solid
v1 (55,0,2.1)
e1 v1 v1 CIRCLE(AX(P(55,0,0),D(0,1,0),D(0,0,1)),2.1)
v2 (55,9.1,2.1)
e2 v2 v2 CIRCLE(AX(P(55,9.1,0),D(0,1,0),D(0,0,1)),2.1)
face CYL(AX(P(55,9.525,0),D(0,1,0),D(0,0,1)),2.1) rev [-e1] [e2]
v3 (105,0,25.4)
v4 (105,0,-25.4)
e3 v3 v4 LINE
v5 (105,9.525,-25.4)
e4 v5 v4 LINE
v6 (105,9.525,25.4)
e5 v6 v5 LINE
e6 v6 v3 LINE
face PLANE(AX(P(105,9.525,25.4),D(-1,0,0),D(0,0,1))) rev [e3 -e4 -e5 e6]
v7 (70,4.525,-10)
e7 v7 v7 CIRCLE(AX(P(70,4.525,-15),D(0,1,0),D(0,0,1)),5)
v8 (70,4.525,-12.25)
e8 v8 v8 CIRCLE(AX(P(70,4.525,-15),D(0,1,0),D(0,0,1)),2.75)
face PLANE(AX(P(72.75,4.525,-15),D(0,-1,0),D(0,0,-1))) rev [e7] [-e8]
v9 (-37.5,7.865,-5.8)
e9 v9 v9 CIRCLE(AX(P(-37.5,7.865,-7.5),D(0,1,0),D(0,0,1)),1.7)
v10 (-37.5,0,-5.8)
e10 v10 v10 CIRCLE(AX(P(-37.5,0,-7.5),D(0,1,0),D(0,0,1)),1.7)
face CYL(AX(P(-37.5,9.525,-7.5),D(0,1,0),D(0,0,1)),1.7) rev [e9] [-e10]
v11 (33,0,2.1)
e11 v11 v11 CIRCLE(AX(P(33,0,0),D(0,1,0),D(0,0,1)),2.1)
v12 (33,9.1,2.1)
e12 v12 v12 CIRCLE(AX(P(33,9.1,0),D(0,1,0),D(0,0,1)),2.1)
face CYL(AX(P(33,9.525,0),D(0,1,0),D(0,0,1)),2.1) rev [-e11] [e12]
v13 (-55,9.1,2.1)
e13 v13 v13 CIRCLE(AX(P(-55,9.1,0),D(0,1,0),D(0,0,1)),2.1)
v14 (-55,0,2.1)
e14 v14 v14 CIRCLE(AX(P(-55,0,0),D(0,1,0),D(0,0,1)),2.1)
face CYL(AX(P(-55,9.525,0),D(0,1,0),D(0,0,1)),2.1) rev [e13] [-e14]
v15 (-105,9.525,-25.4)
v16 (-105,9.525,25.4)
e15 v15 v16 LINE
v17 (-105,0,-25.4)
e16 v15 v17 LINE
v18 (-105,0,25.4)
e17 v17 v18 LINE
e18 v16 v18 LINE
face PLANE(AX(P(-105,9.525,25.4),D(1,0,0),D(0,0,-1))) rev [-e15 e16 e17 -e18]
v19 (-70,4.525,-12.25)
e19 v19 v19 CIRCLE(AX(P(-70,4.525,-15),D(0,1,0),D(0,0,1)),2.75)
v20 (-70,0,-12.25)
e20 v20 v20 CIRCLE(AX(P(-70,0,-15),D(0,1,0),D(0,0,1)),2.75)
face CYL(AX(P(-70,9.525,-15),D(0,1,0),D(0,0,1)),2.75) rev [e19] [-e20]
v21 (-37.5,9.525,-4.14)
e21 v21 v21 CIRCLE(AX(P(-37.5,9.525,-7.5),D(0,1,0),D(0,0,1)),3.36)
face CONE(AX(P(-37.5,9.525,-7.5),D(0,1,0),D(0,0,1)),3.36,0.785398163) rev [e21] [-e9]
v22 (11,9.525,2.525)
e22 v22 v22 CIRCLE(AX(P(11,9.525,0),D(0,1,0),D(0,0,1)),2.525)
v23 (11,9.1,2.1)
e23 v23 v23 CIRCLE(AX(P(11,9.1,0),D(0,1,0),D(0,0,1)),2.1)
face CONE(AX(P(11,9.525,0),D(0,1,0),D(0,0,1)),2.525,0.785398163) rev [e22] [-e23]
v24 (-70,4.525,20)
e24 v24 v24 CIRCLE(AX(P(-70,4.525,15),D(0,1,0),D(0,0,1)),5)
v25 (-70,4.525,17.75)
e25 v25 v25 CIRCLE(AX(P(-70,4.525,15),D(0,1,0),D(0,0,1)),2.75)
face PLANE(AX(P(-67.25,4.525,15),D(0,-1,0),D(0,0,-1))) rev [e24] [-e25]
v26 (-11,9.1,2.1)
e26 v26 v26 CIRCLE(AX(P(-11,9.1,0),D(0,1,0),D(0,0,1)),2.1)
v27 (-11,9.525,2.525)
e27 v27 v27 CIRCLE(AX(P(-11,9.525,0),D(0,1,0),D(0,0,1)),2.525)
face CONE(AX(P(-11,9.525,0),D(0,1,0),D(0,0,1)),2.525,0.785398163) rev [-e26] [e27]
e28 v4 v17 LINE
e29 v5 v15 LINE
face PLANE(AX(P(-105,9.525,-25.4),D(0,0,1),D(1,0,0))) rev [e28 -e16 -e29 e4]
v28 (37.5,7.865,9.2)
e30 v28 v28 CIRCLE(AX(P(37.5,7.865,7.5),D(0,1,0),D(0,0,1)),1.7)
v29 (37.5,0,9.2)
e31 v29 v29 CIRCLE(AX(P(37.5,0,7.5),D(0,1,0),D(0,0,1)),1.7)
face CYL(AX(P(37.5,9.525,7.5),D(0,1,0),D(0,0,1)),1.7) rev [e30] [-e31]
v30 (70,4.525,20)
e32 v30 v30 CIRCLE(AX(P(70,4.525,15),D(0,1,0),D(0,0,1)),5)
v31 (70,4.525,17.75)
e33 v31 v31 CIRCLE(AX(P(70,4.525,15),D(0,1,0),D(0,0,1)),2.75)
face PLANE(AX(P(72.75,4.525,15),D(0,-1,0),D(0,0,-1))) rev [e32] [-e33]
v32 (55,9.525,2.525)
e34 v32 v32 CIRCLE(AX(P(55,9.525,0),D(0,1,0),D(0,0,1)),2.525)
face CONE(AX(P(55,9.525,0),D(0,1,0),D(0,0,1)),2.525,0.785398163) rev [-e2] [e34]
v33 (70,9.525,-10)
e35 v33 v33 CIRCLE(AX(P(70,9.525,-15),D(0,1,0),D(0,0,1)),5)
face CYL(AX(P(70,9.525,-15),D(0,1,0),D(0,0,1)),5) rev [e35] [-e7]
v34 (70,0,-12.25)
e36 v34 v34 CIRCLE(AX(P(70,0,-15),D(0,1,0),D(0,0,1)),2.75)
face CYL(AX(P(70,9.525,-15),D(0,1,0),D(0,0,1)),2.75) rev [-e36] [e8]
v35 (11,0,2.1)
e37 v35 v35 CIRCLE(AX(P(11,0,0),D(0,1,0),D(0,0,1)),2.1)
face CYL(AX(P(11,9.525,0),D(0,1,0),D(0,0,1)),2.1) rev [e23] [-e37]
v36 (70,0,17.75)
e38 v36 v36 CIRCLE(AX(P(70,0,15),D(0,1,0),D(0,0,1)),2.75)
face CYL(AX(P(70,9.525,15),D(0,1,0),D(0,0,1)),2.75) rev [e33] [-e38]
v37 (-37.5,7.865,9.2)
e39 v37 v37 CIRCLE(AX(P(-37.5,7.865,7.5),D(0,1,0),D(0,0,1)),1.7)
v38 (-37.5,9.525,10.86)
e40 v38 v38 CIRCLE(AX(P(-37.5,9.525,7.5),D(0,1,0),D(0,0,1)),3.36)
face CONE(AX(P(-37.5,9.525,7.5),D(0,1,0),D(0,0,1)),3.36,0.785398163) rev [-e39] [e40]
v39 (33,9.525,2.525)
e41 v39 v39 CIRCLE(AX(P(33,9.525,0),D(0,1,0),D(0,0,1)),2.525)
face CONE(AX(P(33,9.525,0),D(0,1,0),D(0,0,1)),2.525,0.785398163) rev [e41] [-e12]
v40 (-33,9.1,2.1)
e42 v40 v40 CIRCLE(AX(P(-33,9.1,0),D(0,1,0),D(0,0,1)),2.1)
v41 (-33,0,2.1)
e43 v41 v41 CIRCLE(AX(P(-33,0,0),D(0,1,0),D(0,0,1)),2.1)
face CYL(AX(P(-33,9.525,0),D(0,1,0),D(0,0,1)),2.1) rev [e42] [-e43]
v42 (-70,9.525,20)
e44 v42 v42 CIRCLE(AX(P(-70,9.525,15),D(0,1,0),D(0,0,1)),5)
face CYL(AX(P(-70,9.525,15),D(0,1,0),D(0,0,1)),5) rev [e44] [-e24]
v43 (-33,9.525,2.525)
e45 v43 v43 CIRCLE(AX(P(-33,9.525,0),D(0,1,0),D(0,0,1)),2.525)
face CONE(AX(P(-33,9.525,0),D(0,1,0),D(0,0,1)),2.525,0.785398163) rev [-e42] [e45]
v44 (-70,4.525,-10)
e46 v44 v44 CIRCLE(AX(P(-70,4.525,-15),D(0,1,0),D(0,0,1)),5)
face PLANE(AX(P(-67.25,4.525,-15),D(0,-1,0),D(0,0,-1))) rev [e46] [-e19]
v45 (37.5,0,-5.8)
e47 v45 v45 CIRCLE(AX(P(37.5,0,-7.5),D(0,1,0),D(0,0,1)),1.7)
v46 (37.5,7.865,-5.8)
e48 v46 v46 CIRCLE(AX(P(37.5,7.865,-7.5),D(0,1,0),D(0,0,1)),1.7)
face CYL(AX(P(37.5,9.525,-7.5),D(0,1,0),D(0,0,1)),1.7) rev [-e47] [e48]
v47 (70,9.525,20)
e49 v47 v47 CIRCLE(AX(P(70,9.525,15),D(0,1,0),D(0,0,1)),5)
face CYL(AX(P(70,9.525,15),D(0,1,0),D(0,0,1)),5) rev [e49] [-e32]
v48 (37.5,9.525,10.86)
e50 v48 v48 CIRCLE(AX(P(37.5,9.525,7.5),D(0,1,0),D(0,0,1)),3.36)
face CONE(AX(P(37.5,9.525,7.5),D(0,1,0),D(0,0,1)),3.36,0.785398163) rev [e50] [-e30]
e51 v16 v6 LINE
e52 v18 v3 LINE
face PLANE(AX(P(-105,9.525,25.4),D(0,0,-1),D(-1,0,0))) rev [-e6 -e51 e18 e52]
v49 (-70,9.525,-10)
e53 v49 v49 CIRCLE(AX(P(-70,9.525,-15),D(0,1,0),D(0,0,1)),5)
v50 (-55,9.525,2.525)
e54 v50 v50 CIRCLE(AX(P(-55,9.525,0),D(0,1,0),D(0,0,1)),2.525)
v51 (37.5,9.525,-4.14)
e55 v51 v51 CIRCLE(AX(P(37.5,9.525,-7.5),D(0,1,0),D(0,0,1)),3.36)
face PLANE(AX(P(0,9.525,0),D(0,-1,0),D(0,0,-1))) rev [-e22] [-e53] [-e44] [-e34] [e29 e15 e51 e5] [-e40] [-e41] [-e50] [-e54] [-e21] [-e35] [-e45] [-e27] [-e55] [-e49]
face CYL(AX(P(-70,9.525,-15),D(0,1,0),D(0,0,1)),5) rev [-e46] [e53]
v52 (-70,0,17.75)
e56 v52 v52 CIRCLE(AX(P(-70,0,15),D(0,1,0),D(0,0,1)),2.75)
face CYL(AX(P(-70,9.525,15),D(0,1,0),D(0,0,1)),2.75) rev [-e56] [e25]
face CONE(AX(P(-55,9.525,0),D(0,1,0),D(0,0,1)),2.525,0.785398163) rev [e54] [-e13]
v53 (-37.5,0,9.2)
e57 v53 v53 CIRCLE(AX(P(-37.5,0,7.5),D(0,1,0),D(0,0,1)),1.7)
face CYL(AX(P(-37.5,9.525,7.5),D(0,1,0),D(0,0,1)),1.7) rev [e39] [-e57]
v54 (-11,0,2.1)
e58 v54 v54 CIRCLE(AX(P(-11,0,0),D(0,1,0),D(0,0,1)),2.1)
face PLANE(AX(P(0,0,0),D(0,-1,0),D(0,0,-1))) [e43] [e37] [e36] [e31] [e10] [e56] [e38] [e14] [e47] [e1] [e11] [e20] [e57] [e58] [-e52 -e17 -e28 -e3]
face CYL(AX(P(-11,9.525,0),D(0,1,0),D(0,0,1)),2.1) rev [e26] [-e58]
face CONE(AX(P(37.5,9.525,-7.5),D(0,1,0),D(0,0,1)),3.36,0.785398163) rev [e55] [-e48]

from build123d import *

# Parameters (mm, degrees)
SKETCH1_W                       = 210
SKETCH1_H                       = 50.8
BOSS_EXTRUDE1_DEPTH             = 9.525
CSK_FOR_M3_SFHCS1_D             = 3.4
CSK_FOR_M3_SFHCS1_CSINK_D       = 6.72
CSK_FOR_M3_SFHCS1_CSINK_ANGLE   = 90
CBORE_FOR_M5_SHCS1_D            = 5.5
CBORE_FOR_M5_SHCS1_CBORE_D      = 10
CBORE_FOR_M5_SHCS1_CBORE_DEPTH  = 5
M5X0_8_TAPPED_HOLE1_D           = 4.2
M5X0_8_TAPPED_HOLE1_CSINK_D     = 5.05
M5X0_8_TAPPED_HOLE1_CSINK_ANGLE = 90


with BuildPart() as part:
    # Sketch1 → Boss-Extrude1 (new body)
    with BuildSketch(Plane(origin=(0, 0, 0), x_dir=(1, 0, 0), z_dir=(0, 1, 0))):
        Rectangle(SKETCH1_W, SKETCH1_H)
    extrude(amount=BOSS_EXTRUDE1_DEPTH)

    # CSK for M3 SFHCS1 (through all)
    with Locations(Plane(origin=(0, 9.525, 0), x_dir=(1, 0, 0), z_dir=(0, 1, 0))):
        with Locations((-37.5, 7.5), (-37.5, -7.5), (37.5, -7.5), (37.5, 7.5)):
            CounterSinkHole(CSK_FOR_M3_SFHCS1_D / 2, CSK_FOR_M3_SFHCS1_CSINK_D / 2, counter_sink_angle=CSK_FOR_M3_SFHCS1_CSINK_ANGLE)

    # CBORE for M5 SHCS1 (through all)
    with Locations(Plane(origin=(0, 9.525, 0), x_dir=(1, 0, 0), z_dir=(0, 1, 0))):
        with Locations((-70, -15), (-70, 15)):
            cbore_for_m5_shcs1 = CounterBoreHole(CBORE_FOR_M5_SHCS1_D / 2, CBORE_FOR_M5_SHCS1_CBORE_D / 2, CBORE_FOR_M5_SHCS1_CBORE_DEPTH)

    # Mirror1: CBORE for M5 SHCS1 across plane
    add(cbore_for_m5_shcs1.mirror(Plane(origin=(0, 0, 0), x_dir=(0, 0, 1), z_dir=(1, 0, 0))), mode=Mode.SUBTRACT)

    # M5x0.8 Tapped Hole1 (through all)
    with Locations(Plane(origin=(0, 9.525, 0), x_dir=(1, 0, 0), z_dir=(0, 1, 0))):
        with Locations((-55, 0), (-33, 0), (-11, 0), (11, 0), (33, 0), (55, 0)):
            CounterSinkHole(M5X0_8_TAPPED_HOLE1_D / 2, M5X0_8_TAPPED_HOLE1_CSINK_D / 2, counter_sink_angle=M5X0_8_TAPPED_HOLE1_CSINK_ANGLE)


solid = part.part
